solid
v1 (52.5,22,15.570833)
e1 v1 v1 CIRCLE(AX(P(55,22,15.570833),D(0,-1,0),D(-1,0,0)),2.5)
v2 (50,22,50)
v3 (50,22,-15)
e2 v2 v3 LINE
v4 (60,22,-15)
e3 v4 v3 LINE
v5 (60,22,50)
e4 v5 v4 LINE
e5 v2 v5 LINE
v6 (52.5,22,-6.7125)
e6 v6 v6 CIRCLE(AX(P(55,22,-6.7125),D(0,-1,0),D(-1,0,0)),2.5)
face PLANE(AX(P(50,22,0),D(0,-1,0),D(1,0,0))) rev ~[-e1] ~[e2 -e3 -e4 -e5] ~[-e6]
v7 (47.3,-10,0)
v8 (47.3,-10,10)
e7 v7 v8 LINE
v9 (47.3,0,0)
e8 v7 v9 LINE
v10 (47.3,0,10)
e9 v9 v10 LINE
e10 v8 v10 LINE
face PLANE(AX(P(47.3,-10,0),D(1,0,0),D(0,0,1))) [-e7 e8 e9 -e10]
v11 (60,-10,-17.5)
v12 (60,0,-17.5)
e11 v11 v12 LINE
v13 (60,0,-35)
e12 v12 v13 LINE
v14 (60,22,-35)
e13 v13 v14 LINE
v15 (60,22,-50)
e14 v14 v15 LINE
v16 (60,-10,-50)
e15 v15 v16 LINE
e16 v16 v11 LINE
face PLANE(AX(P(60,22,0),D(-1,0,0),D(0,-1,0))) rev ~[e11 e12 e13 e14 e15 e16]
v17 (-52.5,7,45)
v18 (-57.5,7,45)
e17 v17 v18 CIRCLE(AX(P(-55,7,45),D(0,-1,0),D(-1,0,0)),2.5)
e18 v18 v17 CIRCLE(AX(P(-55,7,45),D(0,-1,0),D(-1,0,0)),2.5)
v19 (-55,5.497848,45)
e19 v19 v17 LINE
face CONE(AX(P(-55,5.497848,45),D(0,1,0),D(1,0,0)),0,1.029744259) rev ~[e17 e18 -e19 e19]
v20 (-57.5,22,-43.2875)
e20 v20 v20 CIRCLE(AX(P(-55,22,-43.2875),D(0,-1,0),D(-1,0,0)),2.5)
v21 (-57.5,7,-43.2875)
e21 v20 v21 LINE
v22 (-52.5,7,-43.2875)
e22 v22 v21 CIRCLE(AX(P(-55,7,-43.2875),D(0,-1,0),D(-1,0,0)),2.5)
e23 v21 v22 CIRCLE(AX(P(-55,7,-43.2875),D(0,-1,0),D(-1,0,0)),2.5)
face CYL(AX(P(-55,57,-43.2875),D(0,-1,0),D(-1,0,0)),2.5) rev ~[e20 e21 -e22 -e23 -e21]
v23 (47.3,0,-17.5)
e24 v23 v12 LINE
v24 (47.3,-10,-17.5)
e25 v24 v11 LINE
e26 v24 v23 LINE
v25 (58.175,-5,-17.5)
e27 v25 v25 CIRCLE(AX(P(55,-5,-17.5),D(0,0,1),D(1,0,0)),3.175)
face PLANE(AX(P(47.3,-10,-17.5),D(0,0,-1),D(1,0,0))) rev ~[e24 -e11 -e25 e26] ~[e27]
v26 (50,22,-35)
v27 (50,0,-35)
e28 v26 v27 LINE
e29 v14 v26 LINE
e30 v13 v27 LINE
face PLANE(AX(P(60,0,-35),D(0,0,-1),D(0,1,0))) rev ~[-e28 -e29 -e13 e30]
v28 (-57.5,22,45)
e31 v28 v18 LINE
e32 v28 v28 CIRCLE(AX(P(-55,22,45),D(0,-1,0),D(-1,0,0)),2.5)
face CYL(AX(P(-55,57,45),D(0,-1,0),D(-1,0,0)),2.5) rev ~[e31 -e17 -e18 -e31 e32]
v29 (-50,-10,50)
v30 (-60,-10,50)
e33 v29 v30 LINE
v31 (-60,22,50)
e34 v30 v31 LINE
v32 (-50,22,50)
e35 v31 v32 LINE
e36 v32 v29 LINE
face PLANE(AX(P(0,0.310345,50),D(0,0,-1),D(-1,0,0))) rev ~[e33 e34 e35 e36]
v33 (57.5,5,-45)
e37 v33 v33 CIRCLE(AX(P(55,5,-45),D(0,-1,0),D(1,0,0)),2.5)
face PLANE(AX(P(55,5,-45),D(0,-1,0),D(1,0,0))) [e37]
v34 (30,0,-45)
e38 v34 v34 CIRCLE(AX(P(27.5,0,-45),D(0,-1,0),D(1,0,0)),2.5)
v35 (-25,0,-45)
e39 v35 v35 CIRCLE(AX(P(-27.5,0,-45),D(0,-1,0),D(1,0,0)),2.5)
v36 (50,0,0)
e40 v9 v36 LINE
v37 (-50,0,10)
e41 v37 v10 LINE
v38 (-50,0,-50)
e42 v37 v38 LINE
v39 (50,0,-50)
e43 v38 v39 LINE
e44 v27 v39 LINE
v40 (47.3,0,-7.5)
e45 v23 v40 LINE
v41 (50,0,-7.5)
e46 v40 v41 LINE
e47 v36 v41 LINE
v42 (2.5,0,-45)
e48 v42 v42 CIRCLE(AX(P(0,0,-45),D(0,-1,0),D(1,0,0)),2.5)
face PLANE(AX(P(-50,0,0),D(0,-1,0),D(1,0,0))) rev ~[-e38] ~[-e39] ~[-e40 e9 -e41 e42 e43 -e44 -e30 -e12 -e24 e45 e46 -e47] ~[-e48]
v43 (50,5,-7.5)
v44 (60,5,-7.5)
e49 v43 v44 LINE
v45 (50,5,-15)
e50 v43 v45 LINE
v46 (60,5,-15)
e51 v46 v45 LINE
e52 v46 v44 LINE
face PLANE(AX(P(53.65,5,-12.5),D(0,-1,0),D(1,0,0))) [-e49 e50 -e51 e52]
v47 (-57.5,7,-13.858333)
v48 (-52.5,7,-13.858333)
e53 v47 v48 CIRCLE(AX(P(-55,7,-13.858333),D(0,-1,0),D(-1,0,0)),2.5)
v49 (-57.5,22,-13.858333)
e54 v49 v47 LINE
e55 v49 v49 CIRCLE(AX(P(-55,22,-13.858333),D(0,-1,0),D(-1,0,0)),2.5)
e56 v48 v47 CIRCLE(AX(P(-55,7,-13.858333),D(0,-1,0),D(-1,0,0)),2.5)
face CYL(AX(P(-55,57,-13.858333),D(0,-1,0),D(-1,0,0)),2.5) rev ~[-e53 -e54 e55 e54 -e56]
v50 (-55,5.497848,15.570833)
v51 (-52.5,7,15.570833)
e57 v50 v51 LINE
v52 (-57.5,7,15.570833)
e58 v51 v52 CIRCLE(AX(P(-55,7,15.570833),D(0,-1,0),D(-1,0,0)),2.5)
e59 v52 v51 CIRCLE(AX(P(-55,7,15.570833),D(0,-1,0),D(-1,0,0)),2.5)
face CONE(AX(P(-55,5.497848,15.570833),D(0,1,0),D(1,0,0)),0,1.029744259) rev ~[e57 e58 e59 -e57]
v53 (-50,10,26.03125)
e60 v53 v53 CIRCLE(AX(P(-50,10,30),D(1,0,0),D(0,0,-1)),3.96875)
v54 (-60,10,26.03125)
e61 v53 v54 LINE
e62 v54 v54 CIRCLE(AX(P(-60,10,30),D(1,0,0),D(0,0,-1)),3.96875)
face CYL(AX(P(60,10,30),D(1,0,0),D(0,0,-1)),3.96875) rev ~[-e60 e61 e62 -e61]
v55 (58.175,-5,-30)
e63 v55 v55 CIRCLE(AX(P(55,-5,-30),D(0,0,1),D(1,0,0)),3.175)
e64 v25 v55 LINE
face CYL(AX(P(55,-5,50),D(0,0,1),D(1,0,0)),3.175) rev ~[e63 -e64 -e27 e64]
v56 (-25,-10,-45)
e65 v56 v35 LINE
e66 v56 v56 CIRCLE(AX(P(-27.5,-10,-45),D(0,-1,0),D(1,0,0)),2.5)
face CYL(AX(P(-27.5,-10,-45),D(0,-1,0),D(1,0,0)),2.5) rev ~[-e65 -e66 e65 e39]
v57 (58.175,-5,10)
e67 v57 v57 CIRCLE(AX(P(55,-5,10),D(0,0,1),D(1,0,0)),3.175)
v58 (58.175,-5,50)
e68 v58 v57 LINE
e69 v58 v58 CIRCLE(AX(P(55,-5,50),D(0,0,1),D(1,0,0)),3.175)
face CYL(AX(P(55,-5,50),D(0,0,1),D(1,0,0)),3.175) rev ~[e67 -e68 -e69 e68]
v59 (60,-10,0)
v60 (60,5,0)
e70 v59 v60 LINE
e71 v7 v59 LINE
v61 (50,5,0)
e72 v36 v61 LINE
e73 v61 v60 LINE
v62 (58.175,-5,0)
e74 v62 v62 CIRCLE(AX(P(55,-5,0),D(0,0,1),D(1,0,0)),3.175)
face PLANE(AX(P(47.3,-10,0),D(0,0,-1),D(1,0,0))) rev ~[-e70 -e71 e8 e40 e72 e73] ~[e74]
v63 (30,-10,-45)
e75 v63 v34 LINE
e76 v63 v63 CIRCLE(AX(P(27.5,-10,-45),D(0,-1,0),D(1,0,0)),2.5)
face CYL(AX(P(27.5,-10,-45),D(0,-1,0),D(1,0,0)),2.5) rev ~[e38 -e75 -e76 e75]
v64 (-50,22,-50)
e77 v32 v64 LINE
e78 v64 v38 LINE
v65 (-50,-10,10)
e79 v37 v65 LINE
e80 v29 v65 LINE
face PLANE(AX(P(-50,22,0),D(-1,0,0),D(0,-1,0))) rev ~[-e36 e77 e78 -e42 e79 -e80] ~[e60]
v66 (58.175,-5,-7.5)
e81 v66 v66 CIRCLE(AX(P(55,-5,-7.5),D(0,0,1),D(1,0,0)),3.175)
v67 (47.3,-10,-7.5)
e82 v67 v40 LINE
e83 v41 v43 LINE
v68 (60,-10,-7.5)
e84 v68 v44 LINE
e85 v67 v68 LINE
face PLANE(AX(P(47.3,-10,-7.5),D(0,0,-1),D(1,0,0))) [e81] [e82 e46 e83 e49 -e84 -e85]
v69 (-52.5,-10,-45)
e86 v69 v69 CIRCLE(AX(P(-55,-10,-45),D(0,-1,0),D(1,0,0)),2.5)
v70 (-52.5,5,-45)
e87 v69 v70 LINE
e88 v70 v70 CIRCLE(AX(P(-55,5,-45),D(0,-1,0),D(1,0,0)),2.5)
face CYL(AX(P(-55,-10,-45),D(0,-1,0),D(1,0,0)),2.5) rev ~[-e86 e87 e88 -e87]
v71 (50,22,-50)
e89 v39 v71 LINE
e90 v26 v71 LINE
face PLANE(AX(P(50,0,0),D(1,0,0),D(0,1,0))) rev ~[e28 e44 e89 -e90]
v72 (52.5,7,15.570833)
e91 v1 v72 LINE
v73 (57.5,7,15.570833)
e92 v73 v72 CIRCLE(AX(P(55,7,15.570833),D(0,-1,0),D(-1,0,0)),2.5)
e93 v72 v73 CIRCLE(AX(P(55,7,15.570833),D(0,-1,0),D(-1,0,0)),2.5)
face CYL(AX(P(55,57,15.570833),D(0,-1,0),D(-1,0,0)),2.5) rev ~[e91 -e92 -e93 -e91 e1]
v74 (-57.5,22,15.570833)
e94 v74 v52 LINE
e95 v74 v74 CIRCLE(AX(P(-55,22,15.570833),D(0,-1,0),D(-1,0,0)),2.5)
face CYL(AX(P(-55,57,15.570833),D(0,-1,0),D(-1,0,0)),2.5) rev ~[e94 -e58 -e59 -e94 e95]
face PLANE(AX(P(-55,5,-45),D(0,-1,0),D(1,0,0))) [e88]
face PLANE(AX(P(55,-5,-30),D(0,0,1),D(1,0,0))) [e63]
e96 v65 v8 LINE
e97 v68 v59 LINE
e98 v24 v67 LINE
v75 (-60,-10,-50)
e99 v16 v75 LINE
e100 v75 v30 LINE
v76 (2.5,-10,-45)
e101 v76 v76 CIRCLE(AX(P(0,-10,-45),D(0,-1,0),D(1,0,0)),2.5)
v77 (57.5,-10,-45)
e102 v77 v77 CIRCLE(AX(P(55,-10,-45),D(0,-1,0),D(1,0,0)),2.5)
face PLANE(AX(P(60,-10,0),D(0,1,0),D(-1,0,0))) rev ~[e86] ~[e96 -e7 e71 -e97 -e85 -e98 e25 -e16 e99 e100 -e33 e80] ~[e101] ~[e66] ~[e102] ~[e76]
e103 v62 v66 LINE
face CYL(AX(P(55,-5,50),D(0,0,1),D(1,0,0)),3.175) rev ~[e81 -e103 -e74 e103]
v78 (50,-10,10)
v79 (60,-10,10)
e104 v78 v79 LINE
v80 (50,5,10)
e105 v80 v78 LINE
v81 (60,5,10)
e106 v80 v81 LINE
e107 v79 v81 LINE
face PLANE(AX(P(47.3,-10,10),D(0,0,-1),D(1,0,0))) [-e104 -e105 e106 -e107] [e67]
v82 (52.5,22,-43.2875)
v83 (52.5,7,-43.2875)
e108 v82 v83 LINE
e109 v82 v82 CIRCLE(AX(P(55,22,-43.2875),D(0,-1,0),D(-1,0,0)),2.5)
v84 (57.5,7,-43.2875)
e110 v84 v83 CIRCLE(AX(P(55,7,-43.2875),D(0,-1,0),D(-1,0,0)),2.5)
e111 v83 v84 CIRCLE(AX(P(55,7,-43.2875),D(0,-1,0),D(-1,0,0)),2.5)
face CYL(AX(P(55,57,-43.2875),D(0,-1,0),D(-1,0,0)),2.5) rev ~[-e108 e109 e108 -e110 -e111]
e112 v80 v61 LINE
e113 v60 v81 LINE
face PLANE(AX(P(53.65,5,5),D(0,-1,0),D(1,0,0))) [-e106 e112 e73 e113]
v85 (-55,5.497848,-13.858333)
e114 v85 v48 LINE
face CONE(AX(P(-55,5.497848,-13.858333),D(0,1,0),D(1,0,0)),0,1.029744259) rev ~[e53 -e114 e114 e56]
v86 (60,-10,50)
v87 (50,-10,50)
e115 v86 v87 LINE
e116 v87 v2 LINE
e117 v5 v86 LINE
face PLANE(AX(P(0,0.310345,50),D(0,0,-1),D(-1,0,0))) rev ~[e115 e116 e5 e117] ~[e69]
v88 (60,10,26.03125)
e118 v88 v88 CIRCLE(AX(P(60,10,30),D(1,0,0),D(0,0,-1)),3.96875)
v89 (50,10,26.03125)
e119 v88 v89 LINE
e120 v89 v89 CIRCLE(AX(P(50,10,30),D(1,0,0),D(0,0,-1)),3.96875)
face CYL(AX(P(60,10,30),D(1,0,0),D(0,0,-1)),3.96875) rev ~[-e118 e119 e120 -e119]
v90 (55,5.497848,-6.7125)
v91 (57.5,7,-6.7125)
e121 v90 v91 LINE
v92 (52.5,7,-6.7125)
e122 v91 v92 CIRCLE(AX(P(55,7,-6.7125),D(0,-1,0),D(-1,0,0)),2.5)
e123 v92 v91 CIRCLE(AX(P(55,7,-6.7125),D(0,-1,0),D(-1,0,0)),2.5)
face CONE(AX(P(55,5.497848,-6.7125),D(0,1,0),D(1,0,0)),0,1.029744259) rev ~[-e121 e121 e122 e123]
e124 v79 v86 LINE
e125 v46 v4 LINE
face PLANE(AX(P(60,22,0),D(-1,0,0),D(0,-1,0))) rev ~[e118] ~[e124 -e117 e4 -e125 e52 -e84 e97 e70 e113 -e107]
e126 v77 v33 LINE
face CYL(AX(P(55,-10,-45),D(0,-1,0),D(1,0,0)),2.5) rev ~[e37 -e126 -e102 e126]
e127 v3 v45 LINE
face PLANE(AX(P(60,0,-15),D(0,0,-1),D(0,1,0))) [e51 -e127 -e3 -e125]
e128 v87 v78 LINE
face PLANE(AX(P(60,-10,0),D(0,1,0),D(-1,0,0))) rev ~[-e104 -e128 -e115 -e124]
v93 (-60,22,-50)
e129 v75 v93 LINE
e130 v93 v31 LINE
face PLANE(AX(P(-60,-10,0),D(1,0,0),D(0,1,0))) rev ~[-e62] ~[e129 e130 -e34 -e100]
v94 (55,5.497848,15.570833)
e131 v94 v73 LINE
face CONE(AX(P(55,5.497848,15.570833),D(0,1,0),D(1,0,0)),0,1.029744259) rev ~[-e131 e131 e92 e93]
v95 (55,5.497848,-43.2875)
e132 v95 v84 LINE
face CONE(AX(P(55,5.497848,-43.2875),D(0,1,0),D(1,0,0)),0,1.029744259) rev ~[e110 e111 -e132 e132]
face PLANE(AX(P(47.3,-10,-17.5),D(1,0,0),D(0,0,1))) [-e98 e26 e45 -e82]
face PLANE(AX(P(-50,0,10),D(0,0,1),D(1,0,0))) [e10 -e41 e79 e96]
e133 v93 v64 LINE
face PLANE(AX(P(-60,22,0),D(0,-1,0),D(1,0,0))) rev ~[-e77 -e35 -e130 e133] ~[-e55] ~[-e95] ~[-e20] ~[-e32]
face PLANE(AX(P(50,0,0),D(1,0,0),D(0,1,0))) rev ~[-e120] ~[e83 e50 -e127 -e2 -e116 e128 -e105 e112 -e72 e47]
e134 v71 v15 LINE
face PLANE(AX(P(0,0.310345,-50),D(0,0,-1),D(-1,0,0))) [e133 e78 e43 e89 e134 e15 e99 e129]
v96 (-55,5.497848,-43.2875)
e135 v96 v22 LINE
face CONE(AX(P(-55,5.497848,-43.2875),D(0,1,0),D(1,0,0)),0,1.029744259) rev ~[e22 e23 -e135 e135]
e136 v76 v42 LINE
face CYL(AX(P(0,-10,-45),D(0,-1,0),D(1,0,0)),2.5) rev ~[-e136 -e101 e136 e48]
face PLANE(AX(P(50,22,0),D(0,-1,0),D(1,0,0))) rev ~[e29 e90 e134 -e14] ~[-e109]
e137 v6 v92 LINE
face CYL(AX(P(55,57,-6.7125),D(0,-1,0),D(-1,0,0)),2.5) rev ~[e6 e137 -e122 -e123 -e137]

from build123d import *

# Parameters (mm, degrees)
BOSS_EXTRUDE3_DEPTH       = 50
SKETCH7_W                 = 100
SKETCH7_H                 = 40
CUT_EXTRUDE1_DEPTH        = 11
SKETCH8_R                 = 3.96875
CUT_EXTRUDE2_DEPTH        = 121
CUT_EXTRUDE3_REACH        = 122
SKETCH9_W                 = 20
SKETCH9_H                 = 22
SKETCH10_R                = 3.175
CUT_EXTRUDE4_DEPTH        = 80
SKETCH11_W                = 12.7
SKETCH11_H                = 10
CUT_EXTRUDE5_DEPTH        = 15
F_5_0MM_DOWEL_HOLE1_D     = 5
F_5_0MM_DOWEL_HOLE1_DEPTH = 25
F_5_0MM_DOWEL_HOLE1_TIP   = 1.502151548
SKETCH15_R                = 2.5
CUT_EXTRUDE6_DEPTH        = 15


with BuildPart() as part:
    # Sketch6 → Boss-Extrude3 (new body, symmetric)
    with BuildSketch(Plane.XY):
        Polygon((-60, 22), (-50, 22), (-50, 0), (50, 0), (50, 22), (60, 22), (60, -10), (-60, -10), align=None)
    extrude(amount=BOSS_EXTRUDE3_DEPTH, both=True)

    # Sketch7 → Cut-Extrude1 (cut, through all)
    with BuildSketch(Plane(origin=(0, 0, 0), x_dir=(1, 0, 0), z_dir=(0, 1, 0))):
        with Locations((0, -30)):
            Rectangle(SKETCH7_W, SKETCH7_H)
    extrude(amount=-CUT_EXTRUDE1_DEPTH, mode=Mode.SUBTRACT)

    # Sketch8 → Cut-Extrude2 (cut, through all)
    with BuildSketch(Plane(origin=(60, 0, 0), x_dir=(0, 0, -1), z_dir=(1, 0, 0))):
        with Locations((-30, 10)):
            Circle(SKETCH8_R)
    extrude(amount=-CUT_EXTRUDE2_DEPTH, mode=Mode.SUBTRACT)

    # Sketch9 → Cut-Extrude3 (cut, up to next)
    with BuildSketch(Plane(origin=(60, 0, 0), x_dir=(0, 0, -1), z_dir=(1, 0, 0)), mode=Mode.PRIVATE) as cut_extrude3_sk1:
        with Locations((25, 11)):
            Rectangle(SKETCH9_W, SKETCH9_H)
    cut_extrude3_tool1 = extrude(cut_extrude3_sk1.sketch, amount=-CUT_EXTRUDE3_REACH, mode=Mode.PRIVATE) & part.part
    add(cut_extrude3_tool1.solids().sort_by_distance((60, 11, -25))[0], mode=Mode.SUBTRACT)

    # Sketch10 → Cut-Extrude4 (cut)
    with BuildSketch(Plane.XY.offset(50)):
        with Locations((55, -5)):
            Circle(SKETCH10_R)
    extrude(amount=-CUT_EXTRUDE4_DEPTH, mode=Mode.SUBTRACT)

    # Sketch11 → Cut-Extrude5 (cut)
    with BuildSketch(Plane.XZ.offset(10)):
        with Locations((53.65, 5)):
            Rectangle(SKETCH11_W, SKETCH11_H)
        with Locations((53.65, -12.5)):
            Rectangle(SKETCH11_W, SKETCH11_H)
    extrude(amount=-CUT_EXTRUDE5_DEPTH, mode=Mode.SUBTRACT)

    # Ø5.0mm Dowel Hole1
    with Locations(Plane(origin=(-676.293536786, 32, -1303.282701689), x_dir=(1, 0, 0), z_dir=(0, 1, 0))):
        with Locations((731.293536786, -1318.853535022), (621.293536786, -1318.853535022), (621.293536786, -1348.282701689), (621.293536786, -1259.995201689), (731.293536786, -1259.995201689), (731.293536786, -1296.570201689), (621.293536786, -1289.424368355)):
            Hole(F_5_0MM_DOWEL_HOLE1_D / 2, depth=F_5_0MM_DOWEL_HOLE1_DEPTH)
            with Locations((0, 0, -(F_5_0MM_DOWEL_HOLE1_DEPTH + F_5_0MM_DOWEL_HOLE1_TIP / 2))):  # 118° drill point
                Cone(0, F_5_0MM_DOWEL_HOLE1_D / 2, F_5_0MM_DOWEL_HOLE1_TIP, mode=Mode.SUBTRACT)

    # Sketch15 → Cut-Extrude6 (cut)
    with BuildSketch(Plane.XZ.offset(10)):
        with Locations((-55, -45)):
            Circle(SKETCH15_R)
        with Locations((-27.5, -45)):
            Circle(SKETCH15_R)
        with Locations((0, -45)):
            Circle(SKETCH15_R)
        with Locations((27.5, -45)):
            Circle(SKETCH15_R)
        with Locations((55, -45)):
            Circle(SKETCH15_R)
    extrude(amount=-CUT_EXTRUDE6_DEPTH, mode=Mode.SUBTRACT)


solid = part.part
